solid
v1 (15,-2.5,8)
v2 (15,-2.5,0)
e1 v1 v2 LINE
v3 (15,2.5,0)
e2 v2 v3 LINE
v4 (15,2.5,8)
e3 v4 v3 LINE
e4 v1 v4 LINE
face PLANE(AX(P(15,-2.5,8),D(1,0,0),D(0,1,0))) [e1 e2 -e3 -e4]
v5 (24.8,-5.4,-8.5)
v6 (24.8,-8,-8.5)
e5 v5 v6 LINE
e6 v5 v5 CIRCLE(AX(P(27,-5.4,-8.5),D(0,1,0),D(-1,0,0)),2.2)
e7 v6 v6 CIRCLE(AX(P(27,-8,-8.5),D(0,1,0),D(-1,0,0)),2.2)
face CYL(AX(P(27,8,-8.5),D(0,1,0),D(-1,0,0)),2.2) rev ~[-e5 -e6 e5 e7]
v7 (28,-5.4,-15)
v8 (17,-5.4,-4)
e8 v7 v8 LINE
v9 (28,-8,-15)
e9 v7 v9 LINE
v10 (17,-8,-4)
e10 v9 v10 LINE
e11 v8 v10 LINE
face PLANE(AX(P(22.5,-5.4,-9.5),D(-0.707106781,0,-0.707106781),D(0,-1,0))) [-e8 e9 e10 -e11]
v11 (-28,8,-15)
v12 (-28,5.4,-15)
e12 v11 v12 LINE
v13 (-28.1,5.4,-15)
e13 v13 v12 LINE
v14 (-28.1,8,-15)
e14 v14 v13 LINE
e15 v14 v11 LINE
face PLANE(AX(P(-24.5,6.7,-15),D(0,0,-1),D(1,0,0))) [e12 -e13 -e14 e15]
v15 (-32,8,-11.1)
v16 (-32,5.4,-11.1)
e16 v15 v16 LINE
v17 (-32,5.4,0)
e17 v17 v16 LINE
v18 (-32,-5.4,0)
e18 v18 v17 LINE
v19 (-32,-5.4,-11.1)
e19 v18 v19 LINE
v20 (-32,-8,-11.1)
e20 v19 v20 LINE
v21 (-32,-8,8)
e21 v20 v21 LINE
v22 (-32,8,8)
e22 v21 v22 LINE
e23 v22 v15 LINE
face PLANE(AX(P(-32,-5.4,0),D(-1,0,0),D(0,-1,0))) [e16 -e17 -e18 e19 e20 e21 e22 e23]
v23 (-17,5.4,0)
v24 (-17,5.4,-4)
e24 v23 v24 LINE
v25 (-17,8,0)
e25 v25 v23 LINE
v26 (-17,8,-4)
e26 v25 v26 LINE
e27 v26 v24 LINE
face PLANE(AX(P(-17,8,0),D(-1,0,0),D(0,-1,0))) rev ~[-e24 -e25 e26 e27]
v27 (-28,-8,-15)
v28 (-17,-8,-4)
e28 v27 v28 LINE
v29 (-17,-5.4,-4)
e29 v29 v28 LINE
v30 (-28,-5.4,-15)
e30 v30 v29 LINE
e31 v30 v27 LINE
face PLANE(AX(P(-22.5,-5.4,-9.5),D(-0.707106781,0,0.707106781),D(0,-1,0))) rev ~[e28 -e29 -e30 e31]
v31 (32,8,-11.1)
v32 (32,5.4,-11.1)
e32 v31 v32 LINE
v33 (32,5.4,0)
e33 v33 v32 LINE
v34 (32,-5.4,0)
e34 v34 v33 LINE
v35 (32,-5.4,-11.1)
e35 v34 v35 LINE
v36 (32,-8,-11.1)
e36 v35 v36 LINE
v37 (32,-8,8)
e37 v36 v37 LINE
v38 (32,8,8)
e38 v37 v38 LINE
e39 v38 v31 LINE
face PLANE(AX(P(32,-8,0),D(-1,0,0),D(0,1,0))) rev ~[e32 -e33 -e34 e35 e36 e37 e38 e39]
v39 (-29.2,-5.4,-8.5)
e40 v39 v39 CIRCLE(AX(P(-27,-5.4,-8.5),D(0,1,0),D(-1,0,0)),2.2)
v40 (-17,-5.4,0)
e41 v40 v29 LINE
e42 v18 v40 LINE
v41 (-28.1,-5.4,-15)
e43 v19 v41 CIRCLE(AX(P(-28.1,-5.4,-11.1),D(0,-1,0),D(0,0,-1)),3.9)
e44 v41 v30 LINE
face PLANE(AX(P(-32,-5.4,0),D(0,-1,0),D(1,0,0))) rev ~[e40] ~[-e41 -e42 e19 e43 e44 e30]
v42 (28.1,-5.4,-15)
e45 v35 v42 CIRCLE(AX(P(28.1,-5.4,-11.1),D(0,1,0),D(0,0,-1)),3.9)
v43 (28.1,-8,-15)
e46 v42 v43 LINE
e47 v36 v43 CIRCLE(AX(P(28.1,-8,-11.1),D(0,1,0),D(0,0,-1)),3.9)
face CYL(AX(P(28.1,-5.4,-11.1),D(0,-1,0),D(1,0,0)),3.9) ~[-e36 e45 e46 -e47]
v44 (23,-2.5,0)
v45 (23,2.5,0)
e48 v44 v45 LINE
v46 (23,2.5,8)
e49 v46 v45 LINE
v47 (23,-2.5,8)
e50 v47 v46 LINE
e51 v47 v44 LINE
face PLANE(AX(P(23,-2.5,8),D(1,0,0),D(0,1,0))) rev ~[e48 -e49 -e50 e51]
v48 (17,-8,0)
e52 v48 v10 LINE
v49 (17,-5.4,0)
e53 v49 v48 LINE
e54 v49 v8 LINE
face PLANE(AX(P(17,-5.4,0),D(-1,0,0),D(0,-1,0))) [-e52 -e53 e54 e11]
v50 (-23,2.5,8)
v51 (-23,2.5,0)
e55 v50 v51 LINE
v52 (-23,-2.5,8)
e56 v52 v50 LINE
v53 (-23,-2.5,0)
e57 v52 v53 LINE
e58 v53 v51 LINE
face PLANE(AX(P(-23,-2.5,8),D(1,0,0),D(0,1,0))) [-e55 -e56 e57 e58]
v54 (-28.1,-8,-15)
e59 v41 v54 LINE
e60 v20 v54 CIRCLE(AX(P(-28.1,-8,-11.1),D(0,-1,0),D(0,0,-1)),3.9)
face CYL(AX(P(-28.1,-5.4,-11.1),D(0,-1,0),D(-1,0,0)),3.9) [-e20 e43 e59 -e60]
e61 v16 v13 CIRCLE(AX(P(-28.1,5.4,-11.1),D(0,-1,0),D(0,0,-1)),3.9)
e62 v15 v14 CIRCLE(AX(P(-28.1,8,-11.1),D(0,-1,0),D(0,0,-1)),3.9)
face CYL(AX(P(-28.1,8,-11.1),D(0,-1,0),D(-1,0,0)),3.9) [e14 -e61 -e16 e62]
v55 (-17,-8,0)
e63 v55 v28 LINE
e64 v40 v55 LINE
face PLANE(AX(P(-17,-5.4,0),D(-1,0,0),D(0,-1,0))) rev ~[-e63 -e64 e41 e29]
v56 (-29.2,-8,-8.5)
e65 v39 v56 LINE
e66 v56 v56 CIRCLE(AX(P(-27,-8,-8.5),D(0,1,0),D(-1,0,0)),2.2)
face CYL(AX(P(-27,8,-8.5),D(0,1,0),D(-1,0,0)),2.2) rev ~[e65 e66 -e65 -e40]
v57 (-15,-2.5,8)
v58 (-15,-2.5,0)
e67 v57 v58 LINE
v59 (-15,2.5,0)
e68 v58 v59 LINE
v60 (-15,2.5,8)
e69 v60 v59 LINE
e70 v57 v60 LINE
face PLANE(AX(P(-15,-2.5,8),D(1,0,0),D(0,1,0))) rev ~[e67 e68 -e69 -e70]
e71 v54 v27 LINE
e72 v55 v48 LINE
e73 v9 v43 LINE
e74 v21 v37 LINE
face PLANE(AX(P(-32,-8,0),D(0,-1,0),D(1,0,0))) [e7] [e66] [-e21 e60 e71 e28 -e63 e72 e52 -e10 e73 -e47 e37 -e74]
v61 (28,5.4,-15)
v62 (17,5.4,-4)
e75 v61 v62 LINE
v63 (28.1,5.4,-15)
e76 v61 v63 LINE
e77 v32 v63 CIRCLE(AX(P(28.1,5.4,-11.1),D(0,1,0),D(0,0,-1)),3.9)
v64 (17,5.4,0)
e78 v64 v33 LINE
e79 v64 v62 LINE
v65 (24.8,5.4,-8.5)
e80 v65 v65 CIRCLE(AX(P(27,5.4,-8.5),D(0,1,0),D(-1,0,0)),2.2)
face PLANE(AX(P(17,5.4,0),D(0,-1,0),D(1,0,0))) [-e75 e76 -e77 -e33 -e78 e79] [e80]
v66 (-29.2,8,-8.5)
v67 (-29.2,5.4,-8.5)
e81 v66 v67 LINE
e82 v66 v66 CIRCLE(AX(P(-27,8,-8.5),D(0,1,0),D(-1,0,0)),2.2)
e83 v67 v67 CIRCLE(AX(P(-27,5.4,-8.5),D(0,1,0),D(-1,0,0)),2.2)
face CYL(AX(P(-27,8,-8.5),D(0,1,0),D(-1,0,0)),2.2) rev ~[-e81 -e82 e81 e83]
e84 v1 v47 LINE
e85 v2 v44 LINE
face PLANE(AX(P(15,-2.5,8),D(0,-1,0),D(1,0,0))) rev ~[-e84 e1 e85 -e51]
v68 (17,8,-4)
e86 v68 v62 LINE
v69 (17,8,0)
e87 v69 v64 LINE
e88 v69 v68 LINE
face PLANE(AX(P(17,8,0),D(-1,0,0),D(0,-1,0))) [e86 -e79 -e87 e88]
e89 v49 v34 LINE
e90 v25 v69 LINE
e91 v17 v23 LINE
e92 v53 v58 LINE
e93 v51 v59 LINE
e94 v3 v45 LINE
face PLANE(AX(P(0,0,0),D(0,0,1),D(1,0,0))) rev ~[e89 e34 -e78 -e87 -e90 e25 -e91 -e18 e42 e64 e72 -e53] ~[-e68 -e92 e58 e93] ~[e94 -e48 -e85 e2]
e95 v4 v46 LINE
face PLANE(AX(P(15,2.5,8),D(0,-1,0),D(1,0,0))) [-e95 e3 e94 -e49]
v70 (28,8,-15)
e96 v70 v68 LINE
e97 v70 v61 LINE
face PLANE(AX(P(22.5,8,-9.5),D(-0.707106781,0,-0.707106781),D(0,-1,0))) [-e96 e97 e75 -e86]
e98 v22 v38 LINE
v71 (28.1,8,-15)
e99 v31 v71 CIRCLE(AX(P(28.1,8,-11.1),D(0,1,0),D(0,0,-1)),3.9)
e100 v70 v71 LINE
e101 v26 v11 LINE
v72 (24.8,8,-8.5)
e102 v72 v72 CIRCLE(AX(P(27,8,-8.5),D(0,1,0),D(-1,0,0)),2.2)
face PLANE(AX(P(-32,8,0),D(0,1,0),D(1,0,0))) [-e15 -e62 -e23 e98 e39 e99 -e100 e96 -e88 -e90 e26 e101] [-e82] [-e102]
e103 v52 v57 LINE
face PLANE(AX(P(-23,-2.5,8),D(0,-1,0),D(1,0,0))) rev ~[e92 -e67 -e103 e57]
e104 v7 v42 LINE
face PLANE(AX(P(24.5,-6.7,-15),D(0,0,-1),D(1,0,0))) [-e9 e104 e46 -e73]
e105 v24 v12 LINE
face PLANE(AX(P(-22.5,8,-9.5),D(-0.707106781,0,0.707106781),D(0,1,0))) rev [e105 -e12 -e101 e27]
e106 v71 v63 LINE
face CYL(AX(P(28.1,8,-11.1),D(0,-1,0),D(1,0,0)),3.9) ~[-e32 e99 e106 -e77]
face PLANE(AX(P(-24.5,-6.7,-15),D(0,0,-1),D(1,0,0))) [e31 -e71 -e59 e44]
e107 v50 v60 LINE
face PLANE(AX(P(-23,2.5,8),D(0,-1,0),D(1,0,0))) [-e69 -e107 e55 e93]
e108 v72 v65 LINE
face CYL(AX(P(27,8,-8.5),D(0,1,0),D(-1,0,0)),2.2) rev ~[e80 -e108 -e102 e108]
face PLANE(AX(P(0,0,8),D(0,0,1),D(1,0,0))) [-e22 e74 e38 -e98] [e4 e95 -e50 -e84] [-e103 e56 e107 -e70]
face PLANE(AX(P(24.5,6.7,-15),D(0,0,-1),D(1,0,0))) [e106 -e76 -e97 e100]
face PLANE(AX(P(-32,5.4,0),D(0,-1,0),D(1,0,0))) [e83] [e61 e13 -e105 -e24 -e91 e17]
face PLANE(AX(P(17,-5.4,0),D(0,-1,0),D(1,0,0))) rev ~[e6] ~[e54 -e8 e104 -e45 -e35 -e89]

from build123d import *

# Parameters (mm, degrees)
SKETCH_W        = 64
SKETCH_H        = 16
PAD_DEPTH       = 8
SKETCH001_W     = 15
SKETCH001_H     = 2.6
PAD001_DEPTH    = 15
SKETCH002_R     = 2.2
POCKET_DEPTH    = 16
CHAMFER_SIZE    = 11
CHAMFER001_SIZE = 11
CHAMFER002_SIZE = 11
CHAMFER003_SIZE = 11
FILLET_R        = 3.9
FILLET001_R     = 3.9
FILLET002_R     = 3.9
FILLET003_R     = 3.9
SKETCH004_W     = 8
SKETCH004_H     = 5
POCKET001_DEPTH = 8


with BuildPart() as part:
    # Sketch → Pad (new body)
    with BuildSketch(Plane.XY):
        Rectangle(SKETCH_W, SKETCH_H)
    extrude(amount=PAD_DEPTH)

    # Sketch001 (on Face5 of Pad) → Pad001 (join)
    with BuildSketch(Plane(origin=(0, 0, 0), x_dir=(1, 0, 0), z_dir=(0, 0, -1))):
        with Locations((-24.5, 6.7)):
            Rectangle(SKETCH001_W, SKETCH001_H)
        with Locations((-24.5, -6.7)):
            Rectangle(SKETCH001_W, SKETCH001_H)
        with Locations((24.5, 6.7)):
            Rectangle(SKETCH001_W, SKETCH001_H)
        with Locations((24.5, -6.7)):
            Rectangle(SKETCH001_W, SKETCH001_H)
    extrude(amount=PAD001_DEPTH)

    # Sketch002 (on Face4 of Pad001) → Pocket (cut)
    with BuildSketch(Plane(origin=(0, 8, 0), x_dir=(-1, 0, 0), z_dir=(0, 1, 0))):
        with Locations((-27, -8.5)):
            Circle(SKETCH002_R)
        with Locations((27, -8.5)):
            Circle(SKETCH002_R)
    extrude(amount=-POCKET_DEPTH, mode=Mode.SUBTRACT)

    # Chamfer
    chamfer_edges = [part.edges().sort_by_distance(p)[0] for p in [
        (17, 6.7, -15),
    ]]
    chamfer(chamfer_edges, length=CHAMFER_SIZE)

    # Chamfer001
    chamfer001_edges = [part.edges().sort_by_distance(p)[0] for p in [
        (17, -6.7, -15),
    ]]
    chamfer(chamfer001_edges, length=CHAMFER001_SIZE)

    # Chamfer002
    chamfer002_edges = [part.edges().sort_by_distance(p)[0] for p in [
        (-17, 6.7, -15),
    ]]
    chamfer(chamfer002_edges, length=CHAMFER002_SIZE)

    # Chamfer003
    chamfer003_edges = [part.edges().sort_by_distance(p)[0] for p in [
        (-17, -6.7, -15),
    ]]
    chamfer(chamfer003_edges, length=CHAMFER003_SIZE)

    # Fillet
    fillet_edges = [part.edges().sort_by_distance(p)[0] for p in [
        (-32, 6.7, -15),
    ]]
    fillet(fillet_edges, radius=FILLET_R)

    # Fillet001
    fillet001_edges = [part.edges().sort_by_distance(p)[0] for p in [
        (-32, -6.7, -15),
    ]]
    fillet(fillet001_edges, radius=FILLET001_R)

    # Fillet002
    fillet002_edges = [part.edges().sort_by_distance(p)[0] for p in [
        (32, -6.7, -15),
    ]]
    fillet(fillet002_edges, radius=FILLET002_R)

    # Fillet003
    fillet003_edges = [part.edges().sort_by_distance(p)[0] for p in [
        (32, 6.7, -15),
    ]]
    fillet(fillet003_edges, radius=FILLET003_R)

    # Sketch004 (on Face21 of Fillet003) → Pocket001 (cut)
    with BuildSketch(Plane.XY.offset(8)):
        with Locations((-19, 0)):
            Rectangle(SKETCH004_W, SKETCH004_H)
        with Locations((19, 0)):
            Rectangle(SKETCH004_W, SKETCH004_H)
    extrude(amount=-POCKET001_DEPTH, mode=Mode.SUBTRACT)


solid = part.part
